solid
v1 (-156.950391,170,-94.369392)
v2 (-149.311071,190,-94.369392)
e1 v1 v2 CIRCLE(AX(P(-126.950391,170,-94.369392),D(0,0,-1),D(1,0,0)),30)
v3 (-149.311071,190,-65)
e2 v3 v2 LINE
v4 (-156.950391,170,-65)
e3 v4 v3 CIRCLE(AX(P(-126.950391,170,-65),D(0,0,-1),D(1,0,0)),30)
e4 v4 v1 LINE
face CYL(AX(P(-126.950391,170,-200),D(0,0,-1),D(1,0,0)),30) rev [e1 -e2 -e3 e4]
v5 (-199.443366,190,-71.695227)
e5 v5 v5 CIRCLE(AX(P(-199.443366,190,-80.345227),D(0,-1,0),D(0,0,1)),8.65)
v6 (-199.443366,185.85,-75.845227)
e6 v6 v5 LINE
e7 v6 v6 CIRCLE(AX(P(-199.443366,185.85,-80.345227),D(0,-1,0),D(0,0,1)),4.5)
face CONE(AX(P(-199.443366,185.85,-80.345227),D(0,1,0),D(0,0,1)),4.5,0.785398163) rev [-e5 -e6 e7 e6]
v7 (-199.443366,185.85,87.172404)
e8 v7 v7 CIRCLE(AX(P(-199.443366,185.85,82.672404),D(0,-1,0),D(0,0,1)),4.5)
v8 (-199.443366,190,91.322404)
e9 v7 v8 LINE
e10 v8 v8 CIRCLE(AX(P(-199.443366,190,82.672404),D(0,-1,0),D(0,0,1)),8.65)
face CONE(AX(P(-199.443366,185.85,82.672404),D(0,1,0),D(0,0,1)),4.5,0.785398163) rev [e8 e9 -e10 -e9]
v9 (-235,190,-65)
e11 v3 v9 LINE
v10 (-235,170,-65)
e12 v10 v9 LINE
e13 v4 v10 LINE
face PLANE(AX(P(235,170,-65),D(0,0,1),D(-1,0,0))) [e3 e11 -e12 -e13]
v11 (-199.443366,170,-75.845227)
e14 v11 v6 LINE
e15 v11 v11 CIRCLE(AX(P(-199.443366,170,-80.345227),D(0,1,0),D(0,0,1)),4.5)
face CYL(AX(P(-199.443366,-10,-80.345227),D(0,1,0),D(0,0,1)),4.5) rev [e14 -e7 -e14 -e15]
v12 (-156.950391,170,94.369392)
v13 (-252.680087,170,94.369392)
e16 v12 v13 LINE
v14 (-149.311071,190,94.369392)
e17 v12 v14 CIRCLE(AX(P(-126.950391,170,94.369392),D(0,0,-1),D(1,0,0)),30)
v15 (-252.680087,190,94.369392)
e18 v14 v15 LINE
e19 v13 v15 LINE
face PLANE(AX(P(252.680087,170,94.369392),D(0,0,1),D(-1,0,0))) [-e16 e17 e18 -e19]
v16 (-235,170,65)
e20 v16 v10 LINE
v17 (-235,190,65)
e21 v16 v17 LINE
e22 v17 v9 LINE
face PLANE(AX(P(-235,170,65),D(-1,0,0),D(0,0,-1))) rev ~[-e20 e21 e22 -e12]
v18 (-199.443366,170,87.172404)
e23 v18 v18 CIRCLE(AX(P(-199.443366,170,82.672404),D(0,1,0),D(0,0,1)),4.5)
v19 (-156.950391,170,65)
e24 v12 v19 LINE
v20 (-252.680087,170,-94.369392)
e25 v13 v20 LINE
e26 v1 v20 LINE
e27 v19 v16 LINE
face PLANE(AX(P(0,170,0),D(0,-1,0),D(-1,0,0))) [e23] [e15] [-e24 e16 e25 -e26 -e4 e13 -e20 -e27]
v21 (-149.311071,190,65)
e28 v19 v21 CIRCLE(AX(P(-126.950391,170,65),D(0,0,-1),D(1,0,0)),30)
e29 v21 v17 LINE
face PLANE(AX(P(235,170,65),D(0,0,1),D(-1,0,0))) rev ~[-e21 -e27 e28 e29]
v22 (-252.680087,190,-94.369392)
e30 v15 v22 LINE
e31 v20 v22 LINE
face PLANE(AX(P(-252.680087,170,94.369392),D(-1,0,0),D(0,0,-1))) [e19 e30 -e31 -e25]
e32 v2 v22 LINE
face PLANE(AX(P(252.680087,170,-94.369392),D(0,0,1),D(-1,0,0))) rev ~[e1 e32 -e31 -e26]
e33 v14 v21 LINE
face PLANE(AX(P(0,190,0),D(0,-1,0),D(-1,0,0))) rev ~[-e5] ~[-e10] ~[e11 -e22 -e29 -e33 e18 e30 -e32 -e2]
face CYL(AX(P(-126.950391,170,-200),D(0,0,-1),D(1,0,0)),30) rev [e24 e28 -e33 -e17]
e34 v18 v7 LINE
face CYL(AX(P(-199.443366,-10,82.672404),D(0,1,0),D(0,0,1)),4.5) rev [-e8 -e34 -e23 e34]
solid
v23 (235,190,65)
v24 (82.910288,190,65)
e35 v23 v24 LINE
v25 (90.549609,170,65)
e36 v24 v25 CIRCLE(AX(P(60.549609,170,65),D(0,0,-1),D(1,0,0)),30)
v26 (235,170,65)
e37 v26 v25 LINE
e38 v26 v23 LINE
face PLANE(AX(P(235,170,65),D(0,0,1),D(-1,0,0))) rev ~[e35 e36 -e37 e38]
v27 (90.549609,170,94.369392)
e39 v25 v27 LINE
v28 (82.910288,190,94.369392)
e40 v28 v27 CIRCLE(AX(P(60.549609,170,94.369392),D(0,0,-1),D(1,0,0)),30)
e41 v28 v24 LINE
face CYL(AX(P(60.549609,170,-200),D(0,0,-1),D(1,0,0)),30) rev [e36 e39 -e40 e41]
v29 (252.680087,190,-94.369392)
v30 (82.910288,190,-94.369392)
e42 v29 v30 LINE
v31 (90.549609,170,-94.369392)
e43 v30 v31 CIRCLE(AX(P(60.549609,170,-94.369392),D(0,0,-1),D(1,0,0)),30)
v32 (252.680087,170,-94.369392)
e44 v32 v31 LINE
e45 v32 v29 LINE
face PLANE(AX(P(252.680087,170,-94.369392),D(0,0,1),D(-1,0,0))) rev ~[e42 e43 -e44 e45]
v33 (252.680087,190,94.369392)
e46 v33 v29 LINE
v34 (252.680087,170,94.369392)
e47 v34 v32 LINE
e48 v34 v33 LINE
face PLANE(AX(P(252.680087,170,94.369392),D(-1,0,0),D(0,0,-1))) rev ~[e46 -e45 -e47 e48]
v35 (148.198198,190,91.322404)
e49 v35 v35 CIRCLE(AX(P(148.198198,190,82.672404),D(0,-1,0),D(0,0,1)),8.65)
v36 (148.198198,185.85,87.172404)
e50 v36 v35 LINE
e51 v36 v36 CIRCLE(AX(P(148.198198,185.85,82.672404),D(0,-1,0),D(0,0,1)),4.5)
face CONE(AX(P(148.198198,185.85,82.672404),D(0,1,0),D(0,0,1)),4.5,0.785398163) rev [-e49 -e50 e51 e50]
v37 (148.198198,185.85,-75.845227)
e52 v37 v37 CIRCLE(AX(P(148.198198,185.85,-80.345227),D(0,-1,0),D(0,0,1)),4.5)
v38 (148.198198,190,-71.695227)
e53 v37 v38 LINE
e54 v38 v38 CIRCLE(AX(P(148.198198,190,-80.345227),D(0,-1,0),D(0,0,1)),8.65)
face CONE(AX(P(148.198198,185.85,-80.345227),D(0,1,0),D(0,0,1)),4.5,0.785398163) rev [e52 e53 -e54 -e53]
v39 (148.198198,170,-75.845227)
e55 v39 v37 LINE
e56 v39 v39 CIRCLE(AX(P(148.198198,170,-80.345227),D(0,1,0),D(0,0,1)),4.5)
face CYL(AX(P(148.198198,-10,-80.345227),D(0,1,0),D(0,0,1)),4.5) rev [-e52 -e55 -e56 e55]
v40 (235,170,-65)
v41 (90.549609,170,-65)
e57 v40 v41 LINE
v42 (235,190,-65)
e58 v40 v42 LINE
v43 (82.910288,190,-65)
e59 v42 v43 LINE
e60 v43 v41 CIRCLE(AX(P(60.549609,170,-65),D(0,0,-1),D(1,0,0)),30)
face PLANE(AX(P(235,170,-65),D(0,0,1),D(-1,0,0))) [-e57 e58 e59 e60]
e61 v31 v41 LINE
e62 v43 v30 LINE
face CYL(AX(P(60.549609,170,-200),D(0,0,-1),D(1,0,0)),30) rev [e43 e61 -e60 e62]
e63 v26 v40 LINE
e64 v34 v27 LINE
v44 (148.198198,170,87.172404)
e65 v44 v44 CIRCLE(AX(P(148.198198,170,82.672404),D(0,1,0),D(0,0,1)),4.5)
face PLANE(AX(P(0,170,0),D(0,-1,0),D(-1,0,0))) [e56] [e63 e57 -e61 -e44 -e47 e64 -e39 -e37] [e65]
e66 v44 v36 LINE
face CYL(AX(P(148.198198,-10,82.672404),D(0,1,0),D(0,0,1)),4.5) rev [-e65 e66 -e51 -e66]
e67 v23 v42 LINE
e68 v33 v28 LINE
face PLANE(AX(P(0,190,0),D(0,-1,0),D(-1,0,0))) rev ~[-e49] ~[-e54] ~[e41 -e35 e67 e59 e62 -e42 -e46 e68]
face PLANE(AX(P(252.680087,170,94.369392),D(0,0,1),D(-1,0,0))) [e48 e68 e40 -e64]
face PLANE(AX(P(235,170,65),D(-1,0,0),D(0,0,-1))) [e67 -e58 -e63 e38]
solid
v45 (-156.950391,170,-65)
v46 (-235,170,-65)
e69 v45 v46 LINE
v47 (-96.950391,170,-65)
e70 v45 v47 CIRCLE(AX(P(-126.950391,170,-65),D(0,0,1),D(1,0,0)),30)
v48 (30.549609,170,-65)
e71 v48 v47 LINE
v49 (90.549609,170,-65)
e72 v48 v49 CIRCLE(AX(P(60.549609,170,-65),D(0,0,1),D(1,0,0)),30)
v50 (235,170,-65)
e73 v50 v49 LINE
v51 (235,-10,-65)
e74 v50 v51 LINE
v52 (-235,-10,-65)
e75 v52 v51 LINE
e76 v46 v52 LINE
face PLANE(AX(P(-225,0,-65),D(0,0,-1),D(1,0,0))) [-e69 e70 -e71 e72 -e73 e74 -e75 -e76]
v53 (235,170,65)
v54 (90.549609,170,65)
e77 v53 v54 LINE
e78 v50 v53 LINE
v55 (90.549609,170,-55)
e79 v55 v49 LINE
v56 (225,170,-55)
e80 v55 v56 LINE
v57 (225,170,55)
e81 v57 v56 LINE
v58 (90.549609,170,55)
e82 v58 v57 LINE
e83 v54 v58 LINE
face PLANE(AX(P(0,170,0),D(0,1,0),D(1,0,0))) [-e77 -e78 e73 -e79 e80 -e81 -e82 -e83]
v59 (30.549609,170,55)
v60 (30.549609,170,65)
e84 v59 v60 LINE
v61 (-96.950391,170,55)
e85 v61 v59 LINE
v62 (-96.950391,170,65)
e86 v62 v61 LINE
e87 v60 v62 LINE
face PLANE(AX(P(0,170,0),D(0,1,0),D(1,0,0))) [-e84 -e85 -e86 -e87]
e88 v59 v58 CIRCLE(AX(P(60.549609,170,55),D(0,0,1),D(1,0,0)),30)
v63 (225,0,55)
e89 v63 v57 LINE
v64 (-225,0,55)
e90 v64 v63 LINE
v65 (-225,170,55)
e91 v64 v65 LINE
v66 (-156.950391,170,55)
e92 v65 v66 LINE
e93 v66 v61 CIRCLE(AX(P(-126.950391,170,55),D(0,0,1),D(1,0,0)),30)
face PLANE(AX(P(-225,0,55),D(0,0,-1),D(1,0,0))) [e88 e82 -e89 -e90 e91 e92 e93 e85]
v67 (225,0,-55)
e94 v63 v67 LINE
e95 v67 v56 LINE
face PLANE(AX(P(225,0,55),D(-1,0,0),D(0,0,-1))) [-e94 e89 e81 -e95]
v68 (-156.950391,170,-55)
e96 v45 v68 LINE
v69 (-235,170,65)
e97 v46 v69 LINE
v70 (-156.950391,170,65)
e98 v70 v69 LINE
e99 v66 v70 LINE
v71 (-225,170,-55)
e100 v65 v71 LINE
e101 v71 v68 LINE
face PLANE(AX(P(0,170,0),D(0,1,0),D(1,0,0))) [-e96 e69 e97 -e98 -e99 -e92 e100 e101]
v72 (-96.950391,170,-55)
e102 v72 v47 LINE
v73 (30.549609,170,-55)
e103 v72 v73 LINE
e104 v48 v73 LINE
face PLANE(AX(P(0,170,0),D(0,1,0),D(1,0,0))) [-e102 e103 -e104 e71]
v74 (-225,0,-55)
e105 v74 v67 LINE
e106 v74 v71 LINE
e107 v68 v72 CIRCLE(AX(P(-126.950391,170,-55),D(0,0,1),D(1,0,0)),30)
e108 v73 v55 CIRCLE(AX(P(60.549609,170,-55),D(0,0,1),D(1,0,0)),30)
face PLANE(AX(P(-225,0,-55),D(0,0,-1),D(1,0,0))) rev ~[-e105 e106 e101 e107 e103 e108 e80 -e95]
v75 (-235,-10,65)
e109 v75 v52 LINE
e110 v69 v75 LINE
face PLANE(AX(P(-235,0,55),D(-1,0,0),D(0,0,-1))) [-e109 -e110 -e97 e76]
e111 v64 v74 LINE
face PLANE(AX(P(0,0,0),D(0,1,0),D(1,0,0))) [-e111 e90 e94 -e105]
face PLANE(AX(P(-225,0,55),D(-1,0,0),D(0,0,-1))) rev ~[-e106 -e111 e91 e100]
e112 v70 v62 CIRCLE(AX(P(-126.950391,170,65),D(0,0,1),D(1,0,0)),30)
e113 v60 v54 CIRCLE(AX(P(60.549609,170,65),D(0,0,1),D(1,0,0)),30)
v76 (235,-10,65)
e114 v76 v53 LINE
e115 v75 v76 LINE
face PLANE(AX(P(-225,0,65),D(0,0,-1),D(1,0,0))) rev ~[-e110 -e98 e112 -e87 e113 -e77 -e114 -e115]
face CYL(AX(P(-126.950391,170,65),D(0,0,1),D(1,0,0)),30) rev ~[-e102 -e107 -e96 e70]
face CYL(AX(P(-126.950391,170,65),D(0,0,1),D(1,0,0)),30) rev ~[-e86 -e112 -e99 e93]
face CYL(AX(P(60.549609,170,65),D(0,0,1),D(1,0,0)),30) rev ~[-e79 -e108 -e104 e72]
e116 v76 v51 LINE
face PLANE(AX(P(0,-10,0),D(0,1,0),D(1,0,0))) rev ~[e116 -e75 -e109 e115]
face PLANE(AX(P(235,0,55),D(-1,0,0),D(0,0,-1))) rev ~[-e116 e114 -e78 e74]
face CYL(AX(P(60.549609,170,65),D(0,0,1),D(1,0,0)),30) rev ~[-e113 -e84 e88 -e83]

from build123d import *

# Parameters (mm, degrees)
SKETCH1_W                                    = 450
SKETCH1_H                                    = 110
BOSS_EXTRUDE1_DEPTH                          = 170
SHELL1_T                                     = 10
SKETCH2_R                                    = 30
CUT_EXTRUDE1_DEPTH                           = 250
SKETCH4_W                                    = 505.360173326
SKETCH4_H                                    = 188.738784552
SKETCH4_W_2                                  = 470
SKETCH4_H_2                                  = 130
BOSS_EXTRUDE3_DEPTH                          = 20
CUT_EXTRUDE4_DEPTH                           = 75
CUT_EXTRUDE4_DEPTH_BACK                      = 265
SKETCH2_4_R                                  = 30
CSK_FOR_M8_COUNTERSUNK_FLAT_HEAD_SCR_2_COUNT = 2
CSK_FOR_M8_COUNTERSUNK_FLAT_HEAD_SCR_2_PITCH = 163.017631271
CSK_FOR_M8_COUNTERSUNK_FLAT_HEAD_SCR_3_COUNT = 2
CSK_FOR_M8_COUNTERSUNK_FLAT_HEAD_SCR_3_PITCH = 347.641564167
CSK_FOR_M8_COUNTERSUNK_FLAT_HEAD_SCR_4_COUNT = 2
CSK_FOR_M8_COUNTERSUNK_FLAT_HEAD_SCR_4_PITCH = 383.965369847


with BuildPart() as part:
    # Sketch1 → Boss-Extrude1 (new body)
    with BuildSketch(Plane(origin=(0, 0, 0), x_dir=(1, 0, 0), z_dir=(0, 1, 0))):
        Rectangle(SKETCH1_W, SKETCH1_H)
    extrude(amount=BOSS_EXTRUDE1_DEPTH)

    # Shell1
    shell1_openings = [part.faces().sort_by_distance(p)[0] for p in [
        (0, 170, 0),
    ]]
    offset(amount=SHELL1_T, openings=shell1_openings, kind=Kind.INTERSECTION)

    # Sketch2 → Cut-Extrude1 (cut)
    with BuildSketch(Plane.XY.offset(65)):
        with Locations((-126.950391401, 170)):
            Circle(SKETCH2_R)
        with Locations((60.549608599, 170)):
            Circle(SKETCH2_R)
    extrude(amount=-CUT_EXTRUDE1_DEPTH, mode=Mode.SUBTRACT)


with BuildPart() as body_2:
    # Sketch4 → Boss-Extrude3 (new body)
    with BuildSketch(Plane(origin=(0, 170, 0), x_dir=(-1, 0, 0), z_dir=(0, -1, 0))):
        Rectangle(SKETCH4_W, SKETCH4_H)
        Rectangle(SKETCH4_W_2, SKETCH4_H_2, mode=Mode.SUBTRACT)
    extrude(amount=-BOSS_EXTRUDE3_DEPTH)

    # Sketch2<4> → Cut-Extrude4 (cut, two sides: drawn at the far end of the back side and taken through both)
    with BuildSketch(Plane.XY.offset(65).offset(-CUT_EXTRUDE4_DEPTH_BACK)):
        with Locations((-126.950391401, 170)):
            Circle(SKETCH2_4_R)
        with Locations((60.549608599, 170)):
            Circle(SKETCH2_4_R)
    extrude(amount=CUT_EXTRUDE4_DEPTH + CUT_EXTRUDE4_DEPTH_BACK, mode=Mode.SUBTRACT)


with BuildPart() as cut_extrude4_piece_1:
    # of the separate pieces the step leaves, piece 1, a body of its own (cut_extrude4_pieces_kept)
    add(body_2.part.solids().sort_by_distance((90.549608599, 170, -94.369392276))[0])


with BuildPart() as cut_extrude4_piece_2:
    # of the separate pieces the step leaves, piece 2, a body of its own (cut_extrude4_pieces_kept)
    add(body_2.part.solids().sort_by_distance((-252.680086663, 170, -94.369392276))[0])

    # Sketch7 → CSK for M8 Countersunk Flat Head Screw1 (revolve, cut)
    with BuildSketch(Plane(origin=(-199.443365859, 190, -80.345227372), x_dir=(0, 0, 1), z_dir=(1, 0, 0))):
        Polygon((0, 0), (0, 200), (4.5, 200), (4.5, 4.15), (8.65, 0), align=None)
    csk_for_m8_countersunk_flat_head_screw1 = revolve(axis=Axis((-199.443365859, 196.35, -80.345227372), (0, -1, 0)), mode=Mode.SUBTRACT)

    # CSK for M8 Countersunk Flat Head Scr 2: CSK for M8 Countersunk Flat Head Screw1 ×2
    with Locations(*[(0, 0, i * CSK_FOR_M8_COUNTERSUNK_FLAT_HEAD_SCR_2_PITCH) for i in range(1, CSK_FOR_M8_COUNTERSUNK_FLAT_HEAD_SCR_2_COUNT)]):
        add(csk_for_m8_countersunk_flat_head_screw1, mode=Mode.SUBTRACT)


with BuildPart() as cut_extrude4_piece_1_1:
    add(cut_extrude4_piece_1.part)

    # CSK for M8 Countersunk Flat Head Scr 3: CSK for M8 Countersunk Flat Head Screw1 ×2
    with Locations(*[(i * CSK_FOR_M8_COUNTERSUNK_FLAT_HEAD_SCR_3_PITCH, 0, 0) for i in range(1, CSK_FOR_M8_COUNTERSUNK_FLAT_HEAD_SCR_3_COUNT)]):
        add(csk_for_m8_countersunk_flat_head_screw1, mode=Mode.SUBTRACT)

    # CSK for M8 Countersunk Flat Head Scr 4: CSK for M8 Countersunk Flat Head Screw1 ×2
    with Locations(*[Vector(0.9053982245993311, 0, 0.42456336970160213) * (i * CSK_FOR_M8_COUNTERSUNK_FLAT_HEAD_SCR_4_PITCH) for i in range(1, CSK_FOR_M8_COUNTERSUNK_FLAT_HEAD_SCR_4_COUNT)]):
        add(csk_for_m8_countersunk_flat_head_screw1, mode=Mode.SUBTRACT)


solid = Compound([part.part, cut_extrude4_piece_2.part, cut_extrude4_piece_1_1.part])
